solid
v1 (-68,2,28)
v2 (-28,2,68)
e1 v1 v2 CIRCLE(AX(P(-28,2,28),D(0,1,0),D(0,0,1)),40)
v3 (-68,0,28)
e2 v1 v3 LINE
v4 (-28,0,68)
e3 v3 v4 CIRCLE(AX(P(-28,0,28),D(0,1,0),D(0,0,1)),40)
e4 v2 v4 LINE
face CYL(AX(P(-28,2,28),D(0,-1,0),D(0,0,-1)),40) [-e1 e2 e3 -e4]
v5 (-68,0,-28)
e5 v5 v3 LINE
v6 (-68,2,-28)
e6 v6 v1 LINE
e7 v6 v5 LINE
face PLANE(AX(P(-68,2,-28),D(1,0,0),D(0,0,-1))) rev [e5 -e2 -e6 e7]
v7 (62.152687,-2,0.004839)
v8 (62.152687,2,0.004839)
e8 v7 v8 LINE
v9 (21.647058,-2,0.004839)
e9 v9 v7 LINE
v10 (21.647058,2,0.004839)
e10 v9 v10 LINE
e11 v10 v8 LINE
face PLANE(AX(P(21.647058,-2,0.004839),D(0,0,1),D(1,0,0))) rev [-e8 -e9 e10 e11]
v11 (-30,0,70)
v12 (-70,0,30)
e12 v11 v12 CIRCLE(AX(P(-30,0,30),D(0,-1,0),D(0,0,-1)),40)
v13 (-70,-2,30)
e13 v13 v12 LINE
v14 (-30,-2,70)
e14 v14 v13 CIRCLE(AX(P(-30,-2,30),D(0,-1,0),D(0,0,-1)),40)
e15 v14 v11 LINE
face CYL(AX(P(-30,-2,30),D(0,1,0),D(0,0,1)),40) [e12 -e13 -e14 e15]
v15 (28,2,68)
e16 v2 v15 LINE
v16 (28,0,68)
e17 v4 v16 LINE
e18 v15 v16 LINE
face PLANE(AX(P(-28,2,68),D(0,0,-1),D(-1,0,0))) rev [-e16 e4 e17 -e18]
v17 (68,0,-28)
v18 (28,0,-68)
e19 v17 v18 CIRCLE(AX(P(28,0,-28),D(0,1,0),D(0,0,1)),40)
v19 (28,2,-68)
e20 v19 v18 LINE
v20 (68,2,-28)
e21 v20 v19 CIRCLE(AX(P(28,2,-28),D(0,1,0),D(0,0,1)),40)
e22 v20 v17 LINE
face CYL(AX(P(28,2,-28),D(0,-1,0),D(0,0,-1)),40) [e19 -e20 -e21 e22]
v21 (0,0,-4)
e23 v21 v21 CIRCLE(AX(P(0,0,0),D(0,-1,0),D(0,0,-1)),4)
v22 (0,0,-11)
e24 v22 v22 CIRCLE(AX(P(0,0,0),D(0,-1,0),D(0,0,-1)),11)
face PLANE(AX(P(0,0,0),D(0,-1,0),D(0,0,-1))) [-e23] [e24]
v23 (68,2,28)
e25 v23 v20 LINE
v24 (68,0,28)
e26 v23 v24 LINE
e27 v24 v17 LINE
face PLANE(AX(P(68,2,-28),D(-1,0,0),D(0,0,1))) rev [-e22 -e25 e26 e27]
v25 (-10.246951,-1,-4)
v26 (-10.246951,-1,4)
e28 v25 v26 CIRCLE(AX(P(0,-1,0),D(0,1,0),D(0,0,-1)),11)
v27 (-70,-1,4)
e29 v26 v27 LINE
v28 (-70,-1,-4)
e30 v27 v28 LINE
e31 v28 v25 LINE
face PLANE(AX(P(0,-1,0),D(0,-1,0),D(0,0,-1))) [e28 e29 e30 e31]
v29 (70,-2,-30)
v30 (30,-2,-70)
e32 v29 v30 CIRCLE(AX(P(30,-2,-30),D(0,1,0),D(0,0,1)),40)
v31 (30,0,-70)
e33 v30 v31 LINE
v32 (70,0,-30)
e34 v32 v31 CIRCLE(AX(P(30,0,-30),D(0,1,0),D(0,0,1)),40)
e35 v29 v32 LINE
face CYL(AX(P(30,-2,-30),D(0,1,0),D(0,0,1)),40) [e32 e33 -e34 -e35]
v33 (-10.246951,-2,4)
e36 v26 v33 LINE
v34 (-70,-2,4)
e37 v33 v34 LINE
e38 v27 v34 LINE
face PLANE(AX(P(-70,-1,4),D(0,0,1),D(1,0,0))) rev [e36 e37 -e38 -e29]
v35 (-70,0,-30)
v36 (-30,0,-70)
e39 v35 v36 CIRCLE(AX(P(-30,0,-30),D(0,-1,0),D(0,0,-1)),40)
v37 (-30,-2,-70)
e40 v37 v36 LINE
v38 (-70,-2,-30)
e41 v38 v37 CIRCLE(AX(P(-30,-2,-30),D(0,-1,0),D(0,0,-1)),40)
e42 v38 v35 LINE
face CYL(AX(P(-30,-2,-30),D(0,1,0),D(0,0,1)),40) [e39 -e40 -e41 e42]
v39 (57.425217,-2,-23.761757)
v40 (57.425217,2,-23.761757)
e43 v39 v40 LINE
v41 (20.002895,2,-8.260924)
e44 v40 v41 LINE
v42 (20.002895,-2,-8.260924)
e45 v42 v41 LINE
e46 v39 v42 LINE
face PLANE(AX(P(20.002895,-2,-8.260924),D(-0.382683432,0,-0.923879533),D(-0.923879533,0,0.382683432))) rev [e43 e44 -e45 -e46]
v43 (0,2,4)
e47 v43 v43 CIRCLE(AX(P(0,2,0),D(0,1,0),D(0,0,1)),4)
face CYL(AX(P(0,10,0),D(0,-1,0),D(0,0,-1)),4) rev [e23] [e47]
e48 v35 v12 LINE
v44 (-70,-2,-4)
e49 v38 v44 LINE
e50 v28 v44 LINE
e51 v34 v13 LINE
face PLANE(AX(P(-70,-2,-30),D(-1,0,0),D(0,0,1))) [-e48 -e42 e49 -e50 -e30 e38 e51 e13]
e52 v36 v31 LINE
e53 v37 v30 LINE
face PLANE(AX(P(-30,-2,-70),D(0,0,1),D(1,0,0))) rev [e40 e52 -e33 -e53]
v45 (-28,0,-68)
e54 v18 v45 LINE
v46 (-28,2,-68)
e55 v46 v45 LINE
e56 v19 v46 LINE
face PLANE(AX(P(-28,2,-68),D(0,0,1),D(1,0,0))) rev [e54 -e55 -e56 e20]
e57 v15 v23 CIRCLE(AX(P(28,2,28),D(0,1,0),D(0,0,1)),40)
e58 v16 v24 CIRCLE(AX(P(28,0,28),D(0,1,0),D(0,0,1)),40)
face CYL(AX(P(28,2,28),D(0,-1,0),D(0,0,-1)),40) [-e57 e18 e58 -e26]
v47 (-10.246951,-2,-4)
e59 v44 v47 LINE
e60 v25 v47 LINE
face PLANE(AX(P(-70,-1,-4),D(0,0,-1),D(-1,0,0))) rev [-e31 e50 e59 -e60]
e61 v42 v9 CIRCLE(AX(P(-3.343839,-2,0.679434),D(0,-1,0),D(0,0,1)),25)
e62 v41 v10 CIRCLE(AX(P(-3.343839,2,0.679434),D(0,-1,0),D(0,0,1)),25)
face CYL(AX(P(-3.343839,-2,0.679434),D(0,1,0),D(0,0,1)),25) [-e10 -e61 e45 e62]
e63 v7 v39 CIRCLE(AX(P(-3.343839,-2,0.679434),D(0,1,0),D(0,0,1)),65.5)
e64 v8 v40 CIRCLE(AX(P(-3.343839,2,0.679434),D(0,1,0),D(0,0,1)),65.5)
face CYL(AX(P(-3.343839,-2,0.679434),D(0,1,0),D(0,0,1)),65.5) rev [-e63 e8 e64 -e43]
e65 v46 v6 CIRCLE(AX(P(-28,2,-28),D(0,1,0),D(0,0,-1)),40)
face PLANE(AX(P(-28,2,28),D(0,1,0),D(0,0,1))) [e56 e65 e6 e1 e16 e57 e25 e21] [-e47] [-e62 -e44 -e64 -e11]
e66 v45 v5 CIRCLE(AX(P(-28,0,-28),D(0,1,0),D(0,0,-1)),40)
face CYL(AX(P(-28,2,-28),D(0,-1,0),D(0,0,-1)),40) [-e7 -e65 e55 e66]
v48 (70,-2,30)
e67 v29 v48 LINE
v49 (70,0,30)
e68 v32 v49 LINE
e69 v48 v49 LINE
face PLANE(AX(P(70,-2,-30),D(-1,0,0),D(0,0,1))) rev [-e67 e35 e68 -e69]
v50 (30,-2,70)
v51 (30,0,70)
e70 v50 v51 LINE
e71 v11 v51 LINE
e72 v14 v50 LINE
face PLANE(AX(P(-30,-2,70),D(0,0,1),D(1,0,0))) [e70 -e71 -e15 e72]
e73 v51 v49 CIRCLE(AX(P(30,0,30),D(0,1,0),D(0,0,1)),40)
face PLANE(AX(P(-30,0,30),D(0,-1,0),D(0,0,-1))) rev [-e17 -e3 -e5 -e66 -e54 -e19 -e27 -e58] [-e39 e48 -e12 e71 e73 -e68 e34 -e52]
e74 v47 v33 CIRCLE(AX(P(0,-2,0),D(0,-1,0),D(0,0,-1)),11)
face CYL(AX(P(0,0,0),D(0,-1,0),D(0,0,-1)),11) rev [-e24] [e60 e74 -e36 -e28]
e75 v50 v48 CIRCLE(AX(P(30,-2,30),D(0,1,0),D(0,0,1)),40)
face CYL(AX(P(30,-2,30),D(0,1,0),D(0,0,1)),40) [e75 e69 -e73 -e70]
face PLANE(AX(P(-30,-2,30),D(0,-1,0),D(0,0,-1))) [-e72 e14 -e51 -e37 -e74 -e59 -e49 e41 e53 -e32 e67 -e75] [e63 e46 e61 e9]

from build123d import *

# Parameters (mm, degrees)
BOSS_EXTRUDE5_DEPTH     = 2
BOSS_EXTRUDE6_DEPTH     = 2
SKETCH6_R               = 11
CUT_EXTRUDE1_DEPTH      = 2
CUT_EXTRUDE3_DEPTH      = 24
CUT_EXTRUDE3_DEPTH_BACK = 35
SKETCH7_R               = 2.603714659
SKETCH8_R               = 1.4
BOSS_EXTRUDE8_DEPTH     = 4
CUT_EXTRUDE8_DEPTH      = 4
CUT_EXTRUDE9_START      = -2
SKETCH17_R              = 1.4
CUT_EXTRUDE9_DEPTH      = 2
CUT_EXTRUDE10_DEPTH     = 1
SKETCH19_R              = 4
CUT_EXTRUDE11_DEPTH     = 10


with BuildPart() as part:
    # Sketch1 → Boss-Extrude5 (new body)
    with BuildSketch(Plane(origin=(0, 0, 0), x_dir=(1, 0, 0), z_dir=(0, 1, 0))):
        with BuildLine():
            Line((-30, 70), (30, 70))
            ThreePointArc((30, 70), (58.284271247, 58.284271247), (70, 30))
            Line((70, 30), (70, -30))
            ThreePointArc((70, -30), (58.284271247, -58.284271247), (30, -70))
            Line((30, -70), (-30, -70))
            ThreePointArc((-30, -70), (-58.284271247, -58.284271247), (-70, -30))
            Line((-70, -30), (-70, 30))
            ThreePointArc((-70, 30), (-58.284271247, 58.284271247), (-30, 70))
        make_face()
    extrude(amount=-BOSS_EXTRUDE5_DEPTH)

    # Sketch5 → Boss-Extrude6 (add)
    with BuildSketch(Plane(origin=(0, 0, 0), x_dir=(1, 0, 0), z_dir=(0, 1, 0))):
        with BuildLine():
            Line((-28, 68), (28, 68))
            ThreePointArc((28, 68), (56.284271247, 56.284271247), (68, 28))
            Line((68, 28), (68, -28))
            ThreePointArc((68, -28), (56.284271247, -56.284271247), (28, -68))
            Line((28, -68), (-28, -68))
            ThreePointArc((-28, -68), (-56.284271247, -56.284271247), (-68, -28))
            Line((-68, -28), (-68, 28))
            ThreePointArc((-68, 28), (-56.284271247, 56.284271247), (-28, 68))
        make_face()
    extrude(amount=BOSS_EXTRUDE6_DEPTH)

    # Sketch6 → Cut-Extrude1 (cut)
    with BuildSketch(Plane.XZ.offset(2)):
        with Locations(Location((0, 0, 0), (0, 0, 270))):
            Circle(SKETCH6_R)
    extrude(amount=-CUT_EXTRUDE1_DEPTH, mode=Mode.SUBTRACT)

    # Sketch7 → Cut-Extrude3 (cut, two sides: drawn at the far end of the back side and taken through both)
    with BuildSketch(Plane.XZ.offset(-CUT_EXTRUDE3_DEPTH_BACK)):
        with Locations(Location((0, 0, 0), (0, 0, 90))):
            Circle(SKETCH7_R)
    extrude(amount=CUT_EXTRUDE3_DEPTH + CUT_EXTRUDE3_DEPTH_BACK, mode=Mode.SUBTRACT)

    # Sketch8 → Boss-Extrude8 (add)
    with BuildSketch(Plane(origin=(0, 0, 0), x_dir=(1, 0, 0), z_dir=(0, 1, 0))):
        with Locations(Location((13, 13, 0), (0, 0, 270))):
            Circle(SKETCH8_R)
        with Locations(Location((13, -13, 0), (0, 0, 270))):
            Circle(SKETCH8_R)
        with Locations(Location((-13, -13, 0), (0, 0, 270))):
            Circle(SKETCH8_R)
        with Locations(Location((-13, 13, 0), (0, 0, 270))):
            Circle(SKETCH8_R)
    extrude(amount=-BOSS_EXTRUDE8_DEPTH)

    # Sketch15 → Cut-Extrude8 (cut)
    with BuildSketch(Plane(origin=(0, 2, 0), x_dir=(1, 0, 0), z_dir=(0, 1, 0))):
        with BuildLine():
            Line((20.002895237, 8.260924079), (57.425217049, 23.761757309))
            ThreePointArc((57.425217049, 23.761757309), (60.897596895, 12.098982138), (62.152687059, -0.004839374))
            Line((62.152687059, -0.004839374), (21.647057814, -0.004839374))
            ThreePointArc((21.647057814, -0.004839374), (21.175793038, 4.197824096), (20.002895237, 8.260924079))
        make_face()
    extrude(amount=-CUT_EXTRUDE8_DEPTH, mode=Mode.SUBTRACT)

    # Sketch17 → Cut-Extrude9 (cut)
    with BuildSketch(Plane.XZ.offset(4).offset(CUT_EXTRUDE9_START)):
        with Locations((13, 13)):
            Circle(SKETCH17_R)
        with Locations((13, -13)):
            Circle(SKETCH17_R)
        with Locations((-13, -13)):
            Circle(SKETCH17_R)
        with Locations((-13, 13)):
            Circle(SKETCH17_R)
    extrude(amount=CUT_EXTRUDE9_DEPTH, mode=Mode.SUBTRACT)

    # Sketch18 → Cut-Extrude10 (cut)
    with BuildSketch(Plane.XZ.offset(2)):
        with BuildLine():
            Line((-70, 0), (-70, 4))
            Line((-70, 4), (-10.246950766, 4))
            ThreePointArc((-10.246950766, 4), (-11, 0), (-10.246950766, -4))
            Line((-10.246950766, -4), (-70, -4))
            Line((-70, -4), (-70, 0))
        make_face()
    extrude(amount=-CUT_EXTRUDE10_DEPTH, mode=Mode.SUBTRACT)

    # Sketch19 → Cut-Extrude11 (cut)
    with BuildSketch(Plane.XZ):
        with Locations(Location((0, 0, 0), (0, 0, 270))):
            Circle(SKETCH19_R)
    extrude(amount=-CUT_EXTRUDE11_DEPTH, mode=Mode.SUBTRACT)


solid = part.part
